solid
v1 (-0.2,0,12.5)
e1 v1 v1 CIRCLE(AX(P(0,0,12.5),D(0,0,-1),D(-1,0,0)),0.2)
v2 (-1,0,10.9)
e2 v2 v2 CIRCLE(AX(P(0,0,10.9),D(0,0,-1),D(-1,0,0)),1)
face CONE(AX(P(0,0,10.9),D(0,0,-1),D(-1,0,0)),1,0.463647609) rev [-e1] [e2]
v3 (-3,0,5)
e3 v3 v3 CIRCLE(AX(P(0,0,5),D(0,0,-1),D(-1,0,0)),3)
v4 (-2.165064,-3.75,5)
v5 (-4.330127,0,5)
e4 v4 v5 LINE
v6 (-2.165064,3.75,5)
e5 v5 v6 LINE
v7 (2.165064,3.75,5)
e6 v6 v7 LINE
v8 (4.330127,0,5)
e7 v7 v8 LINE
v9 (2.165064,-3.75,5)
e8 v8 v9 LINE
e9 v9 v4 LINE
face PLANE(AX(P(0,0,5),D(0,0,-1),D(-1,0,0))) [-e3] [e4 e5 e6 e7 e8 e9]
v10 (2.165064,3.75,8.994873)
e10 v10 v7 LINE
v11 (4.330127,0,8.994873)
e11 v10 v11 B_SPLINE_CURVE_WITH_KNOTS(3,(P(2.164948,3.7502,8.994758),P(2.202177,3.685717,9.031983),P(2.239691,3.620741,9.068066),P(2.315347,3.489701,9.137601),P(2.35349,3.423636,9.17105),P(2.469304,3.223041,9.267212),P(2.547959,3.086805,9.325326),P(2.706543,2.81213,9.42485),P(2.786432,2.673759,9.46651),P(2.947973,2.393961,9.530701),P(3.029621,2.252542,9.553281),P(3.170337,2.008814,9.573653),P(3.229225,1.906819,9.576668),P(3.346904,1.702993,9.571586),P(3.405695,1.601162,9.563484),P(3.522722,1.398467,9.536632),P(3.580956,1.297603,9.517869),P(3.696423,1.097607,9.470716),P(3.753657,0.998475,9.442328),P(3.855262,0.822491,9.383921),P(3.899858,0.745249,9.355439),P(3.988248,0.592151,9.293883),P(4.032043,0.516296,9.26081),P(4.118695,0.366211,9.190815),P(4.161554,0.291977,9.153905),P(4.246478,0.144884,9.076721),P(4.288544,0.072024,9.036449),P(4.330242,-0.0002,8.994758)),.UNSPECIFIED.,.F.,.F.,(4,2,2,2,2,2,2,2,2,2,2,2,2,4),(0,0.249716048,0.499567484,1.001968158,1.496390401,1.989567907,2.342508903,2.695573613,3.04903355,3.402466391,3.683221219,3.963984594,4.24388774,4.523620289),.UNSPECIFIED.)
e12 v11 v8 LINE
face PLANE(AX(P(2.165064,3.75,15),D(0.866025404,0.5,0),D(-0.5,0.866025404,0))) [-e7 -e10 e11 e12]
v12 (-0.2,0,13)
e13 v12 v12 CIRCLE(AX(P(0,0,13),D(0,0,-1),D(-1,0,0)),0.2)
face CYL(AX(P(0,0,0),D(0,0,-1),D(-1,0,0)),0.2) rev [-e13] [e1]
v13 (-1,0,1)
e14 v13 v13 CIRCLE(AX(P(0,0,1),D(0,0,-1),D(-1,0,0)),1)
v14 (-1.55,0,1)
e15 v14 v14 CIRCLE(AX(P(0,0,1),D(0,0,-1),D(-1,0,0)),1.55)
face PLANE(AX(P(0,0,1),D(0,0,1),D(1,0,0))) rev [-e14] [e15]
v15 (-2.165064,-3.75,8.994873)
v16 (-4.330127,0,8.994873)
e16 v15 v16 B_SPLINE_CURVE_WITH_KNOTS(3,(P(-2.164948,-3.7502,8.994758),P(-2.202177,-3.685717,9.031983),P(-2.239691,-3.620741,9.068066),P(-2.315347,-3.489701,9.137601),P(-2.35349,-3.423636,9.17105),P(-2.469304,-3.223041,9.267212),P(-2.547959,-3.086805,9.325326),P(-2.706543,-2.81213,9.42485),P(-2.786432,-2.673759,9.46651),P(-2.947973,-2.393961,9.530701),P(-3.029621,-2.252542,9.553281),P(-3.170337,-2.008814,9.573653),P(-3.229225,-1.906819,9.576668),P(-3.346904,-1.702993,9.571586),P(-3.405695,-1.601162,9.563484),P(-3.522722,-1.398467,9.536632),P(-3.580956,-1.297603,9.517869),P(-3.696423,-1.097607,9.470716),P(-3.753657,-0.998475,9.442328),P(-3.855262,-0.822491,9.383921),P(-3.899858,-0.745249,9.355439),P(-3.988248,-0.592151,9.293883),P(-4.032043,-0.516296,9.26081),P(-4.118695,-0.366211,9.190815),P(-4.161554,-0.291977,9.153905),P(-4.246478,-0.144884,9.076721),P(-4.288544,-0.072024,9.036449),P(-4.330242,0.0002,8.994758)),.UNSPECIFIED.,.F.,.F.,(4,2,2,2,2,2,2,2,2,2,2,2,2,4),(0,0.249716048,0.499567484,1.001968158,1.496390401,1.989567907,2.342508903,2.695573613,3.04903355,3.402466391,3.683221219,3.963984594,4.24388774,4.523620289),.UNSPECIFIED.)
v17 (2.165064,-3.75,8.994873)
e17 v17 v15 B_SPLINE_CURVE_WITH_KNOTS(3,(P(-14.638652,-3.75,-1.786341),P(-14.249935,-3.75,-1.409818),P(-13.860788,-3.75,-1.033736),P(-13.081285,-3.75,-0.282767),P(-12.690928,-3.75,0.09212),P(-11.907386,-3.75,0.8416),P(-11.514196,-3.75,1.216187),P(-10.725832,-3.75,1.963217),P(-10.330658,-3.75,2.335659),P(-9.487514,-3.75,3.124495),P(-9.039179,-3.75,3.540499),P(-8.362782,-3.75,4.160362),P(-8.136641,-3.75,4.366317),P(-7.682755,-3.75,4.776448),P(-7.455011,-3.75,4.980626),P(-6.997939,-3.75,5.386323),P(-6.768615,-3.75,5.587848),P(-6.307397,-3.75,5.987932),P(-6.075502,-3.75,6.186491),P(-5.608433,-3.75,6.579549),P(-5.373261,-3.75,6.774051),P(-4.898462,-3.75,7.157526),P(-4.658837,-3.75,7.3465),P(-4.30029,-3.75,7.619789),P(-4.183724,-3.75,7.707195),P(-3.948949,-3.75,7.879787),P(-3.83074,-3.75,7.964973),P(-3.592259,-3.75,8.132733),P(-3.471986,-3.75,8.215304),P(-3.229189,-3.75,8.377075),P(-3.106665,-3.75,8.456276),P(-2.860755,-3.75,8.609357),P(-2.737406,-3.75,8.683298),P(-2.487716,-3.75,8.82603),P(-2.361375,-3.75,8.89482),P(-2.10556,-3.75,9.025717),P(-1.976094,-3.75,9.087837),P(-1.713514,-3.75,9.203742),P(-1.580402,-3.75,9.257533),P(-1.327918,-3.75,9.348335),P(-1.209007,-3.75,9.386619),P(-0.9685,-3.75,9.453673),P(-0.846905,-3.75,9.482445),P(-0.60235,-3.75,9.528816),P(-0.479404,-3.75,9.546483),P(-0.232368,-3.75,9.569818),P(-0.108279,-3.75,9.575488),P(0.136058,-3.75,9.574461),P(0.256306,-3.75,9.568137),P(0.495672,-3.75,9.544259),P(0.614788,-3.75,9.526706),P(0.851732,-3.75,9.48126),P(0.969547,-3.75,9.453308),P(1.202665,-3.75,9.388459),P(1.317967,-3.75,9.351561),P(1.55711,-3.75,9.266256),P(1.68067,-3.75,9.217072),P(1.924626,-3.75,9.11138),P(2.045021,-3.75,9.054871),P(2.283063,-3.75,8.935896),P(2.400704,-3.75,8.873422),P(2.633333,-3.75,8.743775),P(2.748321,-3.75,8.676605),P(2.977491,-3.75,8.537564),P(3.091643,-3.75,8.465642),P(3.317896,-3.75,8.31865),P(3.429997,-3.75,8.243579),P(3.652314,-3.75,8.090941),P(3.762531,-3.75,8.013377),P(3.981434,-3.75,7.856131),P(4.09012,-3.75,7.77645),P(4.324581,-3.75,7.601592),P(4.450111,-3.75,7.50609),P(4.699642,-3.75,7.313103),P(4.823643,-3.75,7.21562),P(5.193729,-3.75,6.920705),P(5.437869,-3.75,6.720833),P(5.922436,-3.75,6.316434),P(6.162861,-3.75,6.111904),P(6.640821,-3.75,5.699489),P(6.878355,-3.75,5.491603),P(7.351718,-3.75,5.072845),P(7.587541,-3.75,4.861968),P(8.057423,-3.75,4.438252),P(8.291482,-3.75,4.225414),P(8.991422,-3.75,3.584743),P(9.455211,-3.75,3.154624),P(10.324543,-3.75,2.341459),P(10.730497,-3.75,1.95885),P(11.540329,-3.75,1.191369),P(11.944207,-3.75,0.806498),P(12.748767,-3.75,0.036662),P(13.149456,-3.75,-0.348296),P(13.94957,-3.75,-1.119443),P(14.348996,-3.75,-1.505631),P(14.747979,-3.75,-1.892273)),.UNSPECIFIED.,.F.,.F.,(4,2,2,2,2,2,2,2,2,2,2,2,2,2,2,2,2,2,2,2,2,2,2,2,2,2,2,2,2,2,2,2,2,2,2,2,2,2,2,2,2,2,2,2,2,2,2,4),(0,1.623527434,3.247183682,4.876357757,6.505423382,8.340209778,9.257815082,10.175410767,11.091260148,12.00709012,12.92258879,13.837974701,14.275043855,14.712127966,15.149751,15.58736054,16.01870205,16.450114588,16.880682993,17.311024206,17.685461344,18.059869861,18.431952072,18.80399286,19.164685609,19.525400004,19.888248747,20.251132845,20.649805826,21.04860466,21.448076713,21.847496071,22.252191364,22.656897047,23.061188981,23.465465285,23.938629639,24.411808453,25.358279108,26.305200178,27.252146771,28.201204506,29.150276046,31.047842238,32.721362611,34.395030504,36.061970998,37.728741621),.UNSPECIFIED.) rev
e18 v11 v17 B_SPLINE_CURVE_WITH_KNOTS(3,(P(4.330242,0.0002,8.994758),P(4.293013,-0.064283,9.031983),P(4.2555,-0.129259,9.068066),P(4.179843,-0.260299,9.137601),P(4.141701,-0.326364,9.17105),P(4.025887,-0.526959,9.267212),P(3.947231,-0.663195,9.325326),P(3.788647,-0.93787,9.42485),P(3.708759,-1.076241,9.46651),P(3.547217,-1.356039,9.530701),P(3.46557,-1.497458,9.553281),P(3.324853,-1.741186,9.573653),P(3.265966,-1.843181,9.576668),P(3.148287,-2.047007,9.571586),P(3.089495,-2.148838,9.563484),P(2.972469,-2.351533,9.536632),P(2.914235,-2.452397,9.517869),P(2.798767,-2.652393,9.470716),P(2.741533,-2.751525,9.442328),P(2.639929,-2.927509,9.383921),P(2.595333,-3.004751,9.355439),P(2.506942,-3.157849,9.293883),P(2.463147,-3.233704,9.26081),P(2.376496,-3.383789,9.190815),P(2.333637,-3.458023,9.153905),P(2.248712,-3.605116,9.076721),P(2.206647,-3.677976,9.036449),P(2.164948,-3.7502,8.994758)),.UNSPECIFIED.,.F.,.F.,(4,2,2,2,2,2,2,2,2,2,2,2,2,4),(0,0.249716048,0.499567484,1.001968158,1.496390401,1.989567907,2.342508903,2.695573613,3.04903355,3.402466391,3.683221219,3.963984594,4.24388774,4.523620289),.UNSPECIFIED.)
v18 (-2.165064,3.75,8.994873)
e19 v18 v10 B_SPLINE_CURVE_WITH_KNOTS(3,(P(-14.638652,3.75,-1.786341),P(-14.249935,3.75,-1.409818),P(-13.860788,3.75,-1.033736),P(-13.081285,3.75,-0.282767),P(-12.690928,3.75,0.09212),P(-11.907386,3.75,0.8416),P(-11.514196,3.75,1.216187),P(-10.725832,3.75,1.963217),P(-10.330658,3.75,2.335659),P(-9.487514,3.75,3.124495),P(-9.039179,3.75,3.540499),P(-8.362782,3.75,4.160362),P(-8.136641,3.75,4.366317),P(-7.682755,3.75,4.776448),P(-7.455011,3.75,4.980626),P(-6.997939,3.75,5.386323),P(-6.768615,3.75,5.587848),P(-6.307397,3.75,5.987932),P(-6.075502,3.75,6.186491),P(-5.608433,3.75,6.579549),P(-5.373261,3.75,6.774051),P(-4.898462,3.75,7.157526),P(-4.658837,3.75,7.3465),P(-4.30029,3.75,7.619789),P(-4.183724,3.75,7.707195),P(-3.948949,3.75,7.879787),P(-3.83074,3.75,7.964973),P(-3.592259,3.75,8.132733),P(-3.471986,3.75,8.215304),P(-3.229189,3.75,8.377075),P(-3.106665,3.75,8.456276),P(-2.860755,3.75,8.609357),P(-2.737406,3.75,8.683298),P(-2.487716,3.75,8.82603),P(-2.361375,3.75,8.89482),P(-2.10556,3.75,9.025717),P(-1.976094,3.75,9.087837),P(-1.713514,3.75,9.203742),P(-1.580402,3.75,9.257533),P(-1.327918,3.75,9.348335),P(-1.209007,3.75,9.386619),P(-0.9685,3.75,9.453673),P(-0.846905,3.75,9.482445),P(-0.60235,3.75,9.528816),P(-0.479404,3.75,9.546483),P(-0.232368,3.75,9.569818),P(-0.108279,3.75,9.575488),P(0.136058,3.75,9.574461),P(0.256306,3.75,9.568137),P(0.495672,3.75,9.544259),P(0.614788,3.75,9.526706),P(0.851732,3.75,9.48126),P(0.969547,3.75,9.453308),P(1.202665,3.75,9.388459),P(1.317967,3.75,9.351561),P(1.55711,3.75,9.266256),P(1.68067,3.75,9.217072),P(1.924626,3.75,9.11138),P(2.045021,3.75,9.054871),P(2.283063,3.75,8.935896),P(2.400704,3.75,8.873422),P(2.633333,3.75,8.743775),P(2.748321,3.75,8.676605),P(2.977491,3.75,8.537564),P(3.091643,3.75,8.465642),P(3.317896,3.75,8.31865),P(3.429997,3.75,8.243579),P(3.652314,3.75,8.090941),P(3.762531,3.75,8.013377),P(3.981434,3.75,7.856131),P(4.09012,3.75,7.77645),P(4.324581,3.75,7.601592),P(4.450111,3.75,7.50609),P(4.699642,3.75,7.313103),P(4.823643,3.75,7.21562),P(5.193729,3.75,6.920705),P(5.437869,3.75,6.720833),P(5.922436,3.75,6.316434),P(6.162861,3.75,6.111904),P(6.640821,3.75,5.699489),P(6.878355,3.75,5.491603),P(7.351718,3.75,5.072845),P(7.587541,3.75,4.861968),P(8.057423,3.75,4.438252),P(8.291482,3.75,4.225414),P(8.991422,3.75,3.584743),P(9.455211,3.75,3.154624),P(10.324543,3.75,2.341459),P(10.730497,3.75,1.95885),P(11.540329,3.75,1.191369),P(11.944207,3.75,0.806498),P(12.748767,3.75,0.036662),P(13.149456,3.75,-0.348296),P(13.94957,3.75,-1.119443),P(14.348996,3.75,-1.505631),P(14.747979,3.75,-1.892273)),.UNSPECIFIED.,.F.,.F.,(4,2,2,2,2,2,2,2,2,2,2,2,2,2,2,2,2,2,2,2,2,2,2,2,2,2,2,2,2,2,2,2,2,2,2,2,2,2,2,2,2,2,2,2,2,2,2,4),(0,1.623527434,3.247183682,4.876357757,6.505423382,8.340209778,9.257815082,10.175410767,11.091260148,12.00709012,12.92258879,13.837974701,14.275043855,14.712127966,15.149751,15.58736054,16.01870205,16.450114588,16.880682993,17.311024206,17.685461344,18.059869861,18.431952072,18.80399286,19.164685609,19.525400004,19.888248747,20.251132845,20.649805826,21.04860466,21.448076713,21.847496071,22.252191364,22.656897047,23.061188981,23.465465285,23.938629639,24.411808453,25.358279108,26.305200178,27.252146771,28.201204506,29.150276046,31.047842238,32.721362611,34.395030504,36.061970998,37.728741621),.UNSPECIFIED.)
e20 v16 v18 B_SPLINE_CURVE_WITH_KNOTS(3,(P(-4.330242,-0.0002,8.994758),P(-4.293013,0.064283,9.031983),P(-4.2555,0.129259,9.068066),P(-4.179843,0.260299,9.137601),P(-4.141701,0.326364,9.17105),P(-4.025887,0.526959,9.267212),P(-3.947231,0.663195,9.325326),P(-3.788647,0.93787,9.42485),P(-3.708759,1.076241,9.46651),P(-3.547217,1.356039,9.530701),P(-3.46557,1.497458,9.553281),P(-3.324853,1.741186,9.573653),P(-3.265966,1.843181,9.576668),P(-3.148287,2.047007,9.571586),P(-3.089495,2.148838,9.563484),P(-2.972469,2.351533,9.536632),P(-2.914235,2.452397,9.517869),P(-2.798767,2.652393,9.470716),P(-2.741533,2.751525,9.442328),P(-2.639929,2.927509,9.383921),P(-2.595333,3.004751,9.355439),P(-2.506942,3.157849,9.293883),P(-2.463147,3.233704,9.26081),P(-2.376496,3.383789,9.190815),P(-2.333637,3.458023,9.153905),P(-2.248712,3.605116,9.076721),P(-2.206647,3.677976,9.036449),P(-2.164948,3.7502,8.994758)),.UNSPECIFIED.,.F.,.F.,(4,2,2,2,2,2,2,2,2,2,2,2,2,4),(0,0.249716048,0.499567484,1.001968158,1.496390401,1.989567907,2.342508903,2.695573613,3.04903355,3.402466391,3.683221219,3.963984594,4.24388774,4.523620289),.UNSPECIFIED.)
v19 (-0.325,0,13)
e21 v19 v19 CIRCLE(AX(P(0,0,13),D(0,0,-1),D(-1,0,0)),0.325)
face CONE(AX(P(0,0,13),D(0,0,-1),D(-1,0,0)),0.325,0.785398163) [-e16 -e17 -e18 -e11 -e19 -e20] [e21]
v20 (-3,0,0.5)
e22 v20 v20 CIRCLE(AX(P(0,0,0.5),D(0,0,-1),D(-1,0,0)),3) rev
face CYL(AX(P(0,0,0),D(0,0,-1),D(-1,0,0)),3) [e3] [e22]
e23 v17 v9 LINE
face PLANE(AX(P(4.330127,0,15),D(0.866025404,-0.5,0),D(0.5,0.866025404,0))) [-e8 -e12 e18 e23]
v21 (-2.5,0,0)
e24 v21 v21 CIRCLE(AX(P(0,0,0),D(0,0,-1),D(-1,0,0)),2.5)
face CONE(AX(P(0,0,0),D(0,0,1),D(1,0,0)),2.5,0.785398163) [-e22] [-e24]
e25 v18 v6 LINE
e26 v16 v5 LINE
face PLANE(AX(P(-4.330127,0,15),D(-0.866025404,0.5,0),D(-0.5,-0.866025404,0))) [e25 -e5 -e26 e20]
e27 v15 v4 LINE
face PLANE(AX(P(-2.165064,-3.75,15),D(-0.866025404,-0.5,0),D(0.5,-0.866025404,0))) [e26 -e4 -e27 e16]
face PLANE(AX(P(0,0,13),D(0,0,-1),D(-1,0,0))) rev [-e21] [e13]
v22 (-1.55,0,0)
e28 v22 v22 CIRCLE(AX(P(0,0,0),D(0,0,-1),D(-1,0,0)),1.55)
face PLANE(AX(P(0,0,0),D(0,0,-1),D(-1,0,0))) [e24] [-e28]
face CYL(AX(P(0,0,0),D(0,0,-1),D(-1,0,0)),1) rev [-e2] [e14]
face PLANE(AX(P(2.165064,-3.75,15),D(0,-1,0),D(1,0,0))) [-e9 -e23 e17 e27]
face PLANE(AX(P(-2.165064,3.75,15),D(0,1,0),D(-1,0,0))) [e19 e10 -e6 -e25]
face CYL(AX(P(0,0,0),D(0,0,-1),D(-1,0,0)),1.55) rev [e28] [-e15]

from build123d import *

# Parameters (mm, degrees)
SKETCH2_R          = 8.325
CUT_EXTRUDE2_DEPTH = 10
CHAMFER1_SIZE      = 0.5


with BuildPart() as part:
    # Sketch1 → Revolve1 (revolve)
    with BuildSketch(Plane(origin=(0, 0, 0), x_dir=(1, 0, 0), z_dir=(0, 1, 0))):
        Polygon((1.55, 0), (3, 0), (3, -5), (8.325, -5), (0.325, -13), (0.2, -13), (0.2, -12.5), (1, -10.9), (1, -10), (1, -1), (1.55, -1), align=None)
    revolve(axis=Axis((0, 0, 0), (0, 0, 1)))

    # Sketch2 → Cut-Extrude2 (cut)
    with BuildSketch(Plane(origin=(0, 0, 5), x_dir=(-1, 0, 0), z_dir=(0, 0, -1))):
        Circle(SKETCH2_R)
        Polygon((-4.330127019, 0), (-2.165063509, -3.75), (2.165063509, -3.75), (4.330127019, 0), (2.165063509, 3.75), (-2.165063509, 3.75), align=None, mode=Mode.SUBTRACT)
    extrude(amount=-CUT_EXTRUDE2_DEPTH, mode=Mode.SUBTRACT)

    # Chamfer1
    chamfer1_edges = [part.edges().sort_by_distance(p)[0] for p in [
        (-3, 0, 0),
    ]]
    chamfer(chamfer1_edges, length=CHAMFER1_SIZE)


solid = part.part
